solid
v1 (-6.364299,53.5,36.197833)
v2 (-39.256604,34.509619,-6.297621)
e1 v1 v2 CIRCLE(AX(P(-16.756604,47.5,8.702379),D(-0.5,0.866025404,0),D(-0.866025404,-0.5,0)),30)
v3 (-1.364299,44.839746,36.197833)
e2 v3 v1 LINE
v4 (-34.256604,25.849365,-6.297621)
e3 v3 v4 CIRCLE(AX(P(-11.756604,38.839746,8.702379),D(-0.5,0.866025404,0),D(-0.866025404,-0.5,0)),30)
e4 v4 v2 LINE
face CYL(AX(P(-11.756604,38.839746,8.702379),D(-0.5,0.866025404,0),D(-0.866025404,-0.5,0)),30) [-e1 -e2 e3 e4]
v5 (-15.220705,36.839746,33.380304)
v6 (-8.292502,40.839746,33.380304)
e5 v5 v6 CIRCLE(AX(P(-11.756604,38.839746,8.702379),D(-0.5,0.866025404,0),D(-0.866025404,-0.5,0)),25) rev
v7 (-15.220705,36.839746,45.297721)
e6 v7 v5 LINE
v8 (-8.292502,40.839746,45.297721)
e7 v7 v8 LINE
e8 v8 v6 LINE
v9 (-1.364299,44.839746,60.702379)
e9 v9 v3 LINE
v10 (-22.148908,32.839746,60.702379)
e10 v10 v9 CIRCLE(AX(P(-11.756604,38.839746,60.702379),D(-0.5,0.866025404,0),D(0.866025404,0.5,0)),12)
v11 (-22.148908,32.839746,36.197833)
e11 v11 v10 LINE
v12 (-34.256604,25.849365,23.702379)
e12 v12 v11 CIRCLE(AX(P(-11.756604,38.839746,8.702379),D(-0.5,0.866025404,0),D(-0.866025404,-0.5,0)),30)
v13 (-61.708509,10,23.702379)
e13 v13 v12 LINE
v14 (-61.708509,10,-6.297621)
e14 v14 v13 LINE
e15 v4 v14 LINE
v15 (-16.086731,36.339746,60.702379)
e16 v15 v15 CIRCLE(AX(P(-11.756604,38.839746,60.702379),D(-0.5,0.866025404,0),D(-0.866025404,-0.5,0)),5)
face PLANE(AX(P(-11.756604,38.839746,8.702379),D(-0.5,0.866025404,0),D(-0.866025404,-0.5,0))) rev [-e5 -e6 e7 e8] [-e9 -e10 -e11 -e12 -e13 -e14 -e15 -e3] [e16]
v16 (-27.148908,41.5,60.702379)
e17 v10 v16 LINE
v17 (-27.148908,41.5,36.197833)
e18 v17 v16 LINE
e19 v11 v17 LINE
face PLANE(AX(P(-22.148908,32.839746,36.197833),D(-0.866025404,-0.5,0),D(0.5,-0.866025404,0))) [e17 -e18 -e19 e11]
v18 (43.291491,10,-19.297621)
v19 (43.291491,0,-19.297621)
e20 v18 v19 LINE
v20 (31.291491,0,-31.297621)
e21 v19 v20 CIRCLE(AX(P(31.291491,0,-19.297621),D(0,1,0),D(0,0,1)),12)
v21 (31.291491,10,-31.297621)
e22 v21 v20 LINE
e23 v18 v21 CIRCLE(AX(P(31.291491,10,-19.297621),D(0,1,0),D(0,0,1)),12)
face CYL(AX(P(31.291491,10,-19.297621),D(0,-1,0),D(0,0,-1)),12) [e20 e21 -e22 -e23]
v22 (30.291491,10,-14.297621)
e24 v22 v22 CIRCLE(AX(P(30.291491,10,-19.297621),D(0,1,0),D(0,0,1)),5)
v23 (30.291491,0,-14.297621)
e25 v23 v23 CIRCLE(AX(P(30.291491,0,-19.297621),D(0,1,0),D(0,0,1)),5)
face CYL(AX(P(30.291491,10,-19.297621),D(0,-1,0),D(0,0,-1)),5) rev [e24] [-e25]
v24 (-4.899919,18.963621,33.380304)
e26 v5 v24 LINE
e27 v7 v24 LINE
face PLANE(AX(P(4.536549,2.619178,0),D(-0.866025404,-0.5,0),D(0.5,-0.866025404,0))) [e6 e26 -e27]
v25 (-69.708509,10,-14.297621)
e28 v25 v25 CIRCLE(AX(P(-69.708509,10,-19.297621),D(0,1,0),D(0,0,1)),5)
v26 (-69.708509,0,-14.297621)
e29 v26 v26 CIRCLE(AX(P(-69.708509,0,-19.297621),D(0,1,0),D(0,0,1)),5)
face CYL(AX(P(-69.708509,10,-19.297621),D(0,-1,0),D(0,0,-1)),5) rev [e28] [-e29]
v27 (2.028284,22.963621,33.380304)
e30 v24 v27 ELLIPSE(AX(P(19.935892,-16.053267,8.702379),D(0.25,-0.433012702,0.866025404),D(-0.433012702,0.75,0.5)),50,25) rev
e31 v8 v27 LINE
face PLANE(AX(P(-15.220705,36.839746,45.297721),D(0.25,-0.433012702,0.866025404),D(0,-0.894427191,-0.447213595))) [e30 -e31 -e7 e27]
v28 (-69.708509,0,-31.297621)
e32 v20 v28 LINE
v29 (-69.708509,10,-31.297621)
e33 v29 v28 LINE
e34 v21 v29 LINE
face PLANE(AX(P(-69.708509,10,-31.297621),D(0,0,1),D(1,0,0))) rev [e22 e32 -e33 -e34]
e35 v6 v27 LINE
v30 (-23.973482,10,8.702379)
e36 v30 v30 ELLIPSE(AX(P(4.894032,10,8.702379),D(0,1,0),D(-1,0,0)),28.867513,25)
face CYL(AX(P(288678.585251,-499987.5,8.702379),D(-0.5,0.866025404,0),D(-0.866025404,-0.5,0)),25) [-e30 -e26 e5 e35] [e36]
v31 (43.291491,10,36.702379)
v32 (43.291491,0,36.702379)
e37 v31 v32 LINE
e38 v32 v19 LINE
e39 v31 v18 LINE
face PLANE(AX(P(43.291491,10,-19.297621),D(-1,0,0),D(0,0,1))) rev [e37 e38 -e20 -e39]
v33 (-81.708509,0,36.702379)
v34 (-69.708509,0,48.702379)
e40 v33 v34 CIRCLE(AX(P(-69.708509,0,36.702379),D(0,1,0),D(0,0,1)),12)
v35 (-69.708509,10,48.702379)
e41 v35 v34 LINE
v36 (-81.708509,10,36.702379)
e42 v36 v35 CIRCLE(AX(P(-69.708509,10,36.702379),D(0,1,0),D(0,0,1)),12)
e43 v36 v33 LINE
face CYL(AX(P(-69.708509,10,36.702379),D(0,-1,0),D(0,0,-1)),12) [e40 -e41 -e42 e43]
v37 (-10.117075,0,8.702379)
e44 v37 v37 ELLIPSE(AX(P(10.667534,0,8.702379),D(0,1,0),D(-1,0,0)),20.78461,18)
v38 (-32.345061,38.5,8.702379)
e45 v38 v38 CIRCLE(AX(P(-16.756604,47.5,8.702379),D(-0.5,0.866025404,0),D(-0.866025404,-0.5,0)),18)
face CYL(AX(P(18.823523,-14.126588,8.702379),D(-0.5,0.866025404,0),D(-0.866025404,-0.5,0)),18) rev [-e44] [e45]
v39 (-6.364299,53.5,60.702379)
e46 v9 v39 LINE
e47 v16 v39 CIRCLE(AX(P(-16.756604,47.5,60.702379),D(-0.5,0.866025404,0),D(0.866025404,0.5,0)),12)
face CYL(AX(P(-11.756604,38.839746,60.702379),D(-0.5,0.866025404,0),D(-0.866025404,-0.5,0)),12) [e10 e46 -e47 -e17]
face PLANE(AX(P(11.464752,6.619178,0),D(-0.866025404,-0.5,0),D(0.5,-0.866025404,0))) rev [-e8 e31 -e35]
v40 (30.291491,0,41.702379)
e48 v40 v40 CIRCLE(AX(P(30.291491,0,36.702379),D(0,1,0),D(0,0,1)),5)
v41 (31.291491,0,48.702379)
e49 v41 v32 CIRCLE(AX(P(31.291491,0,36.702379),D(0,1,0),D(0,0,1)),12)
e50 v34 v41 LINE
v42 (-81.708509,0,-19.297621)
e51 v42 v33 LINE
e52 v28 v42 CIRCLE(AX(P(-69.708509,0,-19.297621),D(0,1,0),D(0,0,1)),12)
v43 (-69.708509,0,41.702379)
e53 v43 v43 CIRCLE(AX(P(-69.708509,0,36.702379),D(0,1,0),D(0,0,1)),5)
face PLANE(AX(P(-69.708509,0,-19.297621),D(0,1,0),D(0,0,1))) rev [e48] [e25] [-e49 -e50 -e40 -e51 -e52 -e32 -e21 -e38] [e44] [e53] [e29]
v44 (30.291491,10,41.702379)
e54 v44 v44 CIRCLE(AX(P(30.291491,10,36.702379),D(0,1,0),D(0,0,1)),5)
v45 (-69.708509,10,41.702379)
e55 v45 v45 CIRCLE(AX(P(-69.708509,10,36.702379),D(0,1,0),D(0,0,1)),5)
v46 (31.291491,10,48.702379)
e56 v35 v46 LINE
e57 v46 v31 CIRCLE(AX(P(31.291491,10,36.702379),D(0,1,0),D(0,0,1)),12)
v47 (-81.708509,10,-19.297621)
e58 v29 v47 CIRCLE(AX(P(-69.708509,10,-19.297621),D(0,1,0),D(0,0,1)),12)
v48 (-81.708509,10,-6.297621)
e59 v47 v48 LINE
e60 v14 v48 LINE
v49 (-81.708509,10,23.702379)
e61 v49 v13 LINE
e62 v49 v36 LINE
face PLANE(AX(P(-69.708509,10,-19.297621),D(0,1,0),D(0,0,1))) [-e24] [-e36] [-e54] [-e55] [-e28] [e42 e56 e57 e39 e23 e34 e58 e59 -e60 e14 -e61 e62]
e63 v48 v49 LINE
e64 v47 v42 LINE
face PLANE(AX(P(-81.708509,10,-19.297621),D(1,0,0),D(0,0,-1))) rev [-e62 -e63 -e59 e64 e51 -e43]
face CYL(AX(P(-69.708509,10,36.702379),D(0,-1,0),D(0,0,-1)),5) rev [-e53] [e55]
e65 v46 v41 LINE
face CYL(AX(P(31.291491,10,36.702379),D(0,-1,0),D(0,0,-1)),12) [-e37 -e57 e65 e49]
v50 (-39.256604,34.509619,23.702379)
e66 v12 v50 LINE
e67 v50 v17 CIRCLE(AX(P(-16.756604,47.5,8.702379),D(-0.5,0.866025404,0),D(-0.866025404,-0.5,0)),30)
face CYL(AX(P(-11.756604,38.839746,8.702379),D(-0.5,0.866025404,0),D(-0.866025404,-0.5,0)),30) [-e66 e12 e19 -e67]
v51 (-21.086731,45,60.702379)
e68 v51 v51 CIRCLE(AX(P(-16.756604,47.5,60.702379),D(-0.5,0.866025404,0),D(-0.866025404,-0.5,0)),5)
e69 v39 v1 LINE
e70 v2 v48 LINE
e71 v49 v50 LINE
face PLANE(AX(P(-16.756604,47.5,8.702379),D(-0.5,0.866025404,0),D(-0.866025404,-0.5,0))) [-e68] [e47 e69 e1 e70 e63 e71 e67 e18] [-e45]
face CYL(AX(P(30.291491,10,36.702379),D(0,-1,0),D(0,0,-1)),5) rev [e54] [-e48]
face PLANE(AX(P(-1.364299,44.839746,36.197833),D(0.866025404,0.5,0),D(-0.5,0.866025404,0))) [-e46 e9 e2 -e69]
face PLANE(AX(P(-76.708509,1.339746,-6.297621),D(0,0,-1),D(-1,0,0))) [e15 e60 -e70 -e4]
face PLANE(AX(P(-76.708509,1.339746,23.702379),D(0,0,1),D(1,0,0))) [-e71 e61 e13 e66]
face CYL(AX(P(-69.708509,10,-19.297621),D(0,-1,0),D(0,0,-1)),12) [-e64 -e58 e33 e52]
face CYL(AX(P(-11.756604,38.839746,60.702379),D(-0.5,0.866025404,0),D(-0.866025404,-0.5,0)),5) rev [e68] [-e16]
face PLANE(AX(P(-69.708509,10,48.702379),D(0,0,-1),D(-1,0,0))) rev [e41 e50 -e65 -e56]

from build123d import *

# Parameters (mm, degrees)
SKETCH_1_R          = 5
EXTRUDE_1_DEPTH     = 10
SKETCH_3_R          = 5
SKETCH_3_R_2        = 18
EXTRUDE_3_DEPTH     = 10
EXTRUDE_4_REACH     = 73.16
SKETCH_4_R          = 25
SKETCH_5_R          = 18
CUT_EXTRUDE_1_DEPTH = 72.160254038
EXTRUDE_6_DEPTH     = 4


with BuildPart() as part:
    # 草图1 → 凸台-拉伸1 (new body)
    with BuildSketch(Plane(origin=(0, 0, 0), x_dir=(1, 0, 0), z_dir=(0, 1, 0))):
        with BuildLine():
            Line((-69.708508874, 31.297621281), (31.291491126, 31.297621281))
            ThreePointArc((31.291491126, 31.297621281), (39.7767725, 27.782902656), (43.291491126, 19.297621281))
            Line((43.291491126, 19.297621281), (43.291491126, -36.702378719))
            ThreePointArc((43.291491126, -36.702378719), (39.7767725, -45.187660093), (31.291491126, -48.702378719))
            Line((31.291491126, -48.702378719), (-69.708508874, -48.702378719))
            ThreePointArc((-69.708508874, -48.702378719), (-78.193790248, -45.187660093), (-81.708508874, -36.702378719))
            Line((-81.708508874, -36.702378719), (-81.708508874, 19.297621281))
            ThreePointArc((-81.708508874, 19.297621281), (-78.193790248, 27.782902656), (-69.708508874, 31.297621281))
        make_face()
        with Locations((-69.708508874, -36.702378719)):
            Circle(SKETCH_1_R, mode=Mode.SUBTRACT)
        with Locations((30.291491126, -36.702378719)):
            Circle(SKETCH_1_R, mode=Mode.SUBTRACT)
        with Locations((30.291491126, 19.297621281)):
            Circle(SKETCH_1_R, mode=Mode.SUBTRACT)
        with Locations((-69.708508874, 19.297621281)):
            Circle(SKETCH_1_R, mode=Mode.SUBTRACT)
    extrude(amount=EXTRUDE_1_DEPTH)

    # 草图3 → 凸台-拉伸3 (add)
    with BuildSketch(Plane(origin=(-24.757254237, 42.880822195, 0), x_dir=(0, 0, 1), z_dir=(-0.5, 0.866025404, 0))):
        with BuildLine():
            Line((-6.297621281, -65.76164439), (-6.297621281, -16.742406504))
            ThreePointArc((-6.297621281, -16.742406504), (-11.289336226, 31.606443002), (36.197832888, 21.23835561))
            Line((36.197832888, 21.23835561), (60.702378719, 21.23835561))
            ThreePointArc((60.702378719, 21.23835561), (72.702378719, 9.23835561), (60.702378719, -2.76164439))
            Line((60.702378719, -2.76164439), (36.197832888, -2.76164439))
            ThreePointArc((36.197832888, -2.76164439), (31.070466111, -10.753359335), (23.702378719, -16.742406504))
            Line((23.702378719, -16.742406504), (23.702378719, -65.76164439))
            Line((23.702378719, -65.76164439), (-6.297621281, -65.76164439))
        make_face()
        with Locations((60.702378719, 9.23835561)):
            Circle(SKETCH_3_R, mode=Mode.SUBTRACT)
        with Locations((8.702378719, 9.23835561)):
            Circle(SKETCH_3_R_2, mode=Mode.SUBTRACT)
    extrude(amount=-EXTRUDE_3_DEPTH)

    # 草图4 → 凸台-拉伸4 (add, up to next)
    with BuildSketch(Plane(origin=(-24.757254237, 42.880822195, 0), x_dir=(0, 0, 1), z_dir=(-0.5, 0.866025404, 0)), mode=Mode.PRIVATE) as extrude_4_sk1:
        with Locations((8.702378719, 9.23835561)):
            Circle(SKETCH_4_R)
    extrude_4_tool1 = extrude(extrude_4_sk1.sketch, amount=-EXTRUDE_4_REACH, mode=Mode.PRIVATE) - part.part
    add(extrude_4_tool1.solids().sort_by_distance((-16.756604, 47.5, 8.702379))[0])

    # 草图5 → 切除-拉伸1 (cut, through all)
    with BuildSketch(Plane(origin=(-24.757254237, 42.880822195, 0), x_dir=(0.866025404, 0.5, 0), z_dir=(-0.5, 0.866025404, 0))):
        with Locations((9.23835561, -8.702378719)):
            Circle(SKETCH_5_R)
    extrude(amount=-CUT_EXTRUDE_1_DEPTH, mode=Mode.SUBTRACT)

    # 草图7 → 凸台-拉伸6 (add, symmetric)
    with BuildSketch(Plane(origin=(8.000650647, 4.619177805, 0), x_dir=(0, 0, 1), z_dir=(-0.866025404, -0.5, 0))):
        Polygon((45.297720901, 39.514508475), (30.011923646, 39.514508475), (30.472342637, 13.83620008), align=None)
    extrude(amount=EXTRUDE_6_DEPTH, both=True)


solid = part.part
